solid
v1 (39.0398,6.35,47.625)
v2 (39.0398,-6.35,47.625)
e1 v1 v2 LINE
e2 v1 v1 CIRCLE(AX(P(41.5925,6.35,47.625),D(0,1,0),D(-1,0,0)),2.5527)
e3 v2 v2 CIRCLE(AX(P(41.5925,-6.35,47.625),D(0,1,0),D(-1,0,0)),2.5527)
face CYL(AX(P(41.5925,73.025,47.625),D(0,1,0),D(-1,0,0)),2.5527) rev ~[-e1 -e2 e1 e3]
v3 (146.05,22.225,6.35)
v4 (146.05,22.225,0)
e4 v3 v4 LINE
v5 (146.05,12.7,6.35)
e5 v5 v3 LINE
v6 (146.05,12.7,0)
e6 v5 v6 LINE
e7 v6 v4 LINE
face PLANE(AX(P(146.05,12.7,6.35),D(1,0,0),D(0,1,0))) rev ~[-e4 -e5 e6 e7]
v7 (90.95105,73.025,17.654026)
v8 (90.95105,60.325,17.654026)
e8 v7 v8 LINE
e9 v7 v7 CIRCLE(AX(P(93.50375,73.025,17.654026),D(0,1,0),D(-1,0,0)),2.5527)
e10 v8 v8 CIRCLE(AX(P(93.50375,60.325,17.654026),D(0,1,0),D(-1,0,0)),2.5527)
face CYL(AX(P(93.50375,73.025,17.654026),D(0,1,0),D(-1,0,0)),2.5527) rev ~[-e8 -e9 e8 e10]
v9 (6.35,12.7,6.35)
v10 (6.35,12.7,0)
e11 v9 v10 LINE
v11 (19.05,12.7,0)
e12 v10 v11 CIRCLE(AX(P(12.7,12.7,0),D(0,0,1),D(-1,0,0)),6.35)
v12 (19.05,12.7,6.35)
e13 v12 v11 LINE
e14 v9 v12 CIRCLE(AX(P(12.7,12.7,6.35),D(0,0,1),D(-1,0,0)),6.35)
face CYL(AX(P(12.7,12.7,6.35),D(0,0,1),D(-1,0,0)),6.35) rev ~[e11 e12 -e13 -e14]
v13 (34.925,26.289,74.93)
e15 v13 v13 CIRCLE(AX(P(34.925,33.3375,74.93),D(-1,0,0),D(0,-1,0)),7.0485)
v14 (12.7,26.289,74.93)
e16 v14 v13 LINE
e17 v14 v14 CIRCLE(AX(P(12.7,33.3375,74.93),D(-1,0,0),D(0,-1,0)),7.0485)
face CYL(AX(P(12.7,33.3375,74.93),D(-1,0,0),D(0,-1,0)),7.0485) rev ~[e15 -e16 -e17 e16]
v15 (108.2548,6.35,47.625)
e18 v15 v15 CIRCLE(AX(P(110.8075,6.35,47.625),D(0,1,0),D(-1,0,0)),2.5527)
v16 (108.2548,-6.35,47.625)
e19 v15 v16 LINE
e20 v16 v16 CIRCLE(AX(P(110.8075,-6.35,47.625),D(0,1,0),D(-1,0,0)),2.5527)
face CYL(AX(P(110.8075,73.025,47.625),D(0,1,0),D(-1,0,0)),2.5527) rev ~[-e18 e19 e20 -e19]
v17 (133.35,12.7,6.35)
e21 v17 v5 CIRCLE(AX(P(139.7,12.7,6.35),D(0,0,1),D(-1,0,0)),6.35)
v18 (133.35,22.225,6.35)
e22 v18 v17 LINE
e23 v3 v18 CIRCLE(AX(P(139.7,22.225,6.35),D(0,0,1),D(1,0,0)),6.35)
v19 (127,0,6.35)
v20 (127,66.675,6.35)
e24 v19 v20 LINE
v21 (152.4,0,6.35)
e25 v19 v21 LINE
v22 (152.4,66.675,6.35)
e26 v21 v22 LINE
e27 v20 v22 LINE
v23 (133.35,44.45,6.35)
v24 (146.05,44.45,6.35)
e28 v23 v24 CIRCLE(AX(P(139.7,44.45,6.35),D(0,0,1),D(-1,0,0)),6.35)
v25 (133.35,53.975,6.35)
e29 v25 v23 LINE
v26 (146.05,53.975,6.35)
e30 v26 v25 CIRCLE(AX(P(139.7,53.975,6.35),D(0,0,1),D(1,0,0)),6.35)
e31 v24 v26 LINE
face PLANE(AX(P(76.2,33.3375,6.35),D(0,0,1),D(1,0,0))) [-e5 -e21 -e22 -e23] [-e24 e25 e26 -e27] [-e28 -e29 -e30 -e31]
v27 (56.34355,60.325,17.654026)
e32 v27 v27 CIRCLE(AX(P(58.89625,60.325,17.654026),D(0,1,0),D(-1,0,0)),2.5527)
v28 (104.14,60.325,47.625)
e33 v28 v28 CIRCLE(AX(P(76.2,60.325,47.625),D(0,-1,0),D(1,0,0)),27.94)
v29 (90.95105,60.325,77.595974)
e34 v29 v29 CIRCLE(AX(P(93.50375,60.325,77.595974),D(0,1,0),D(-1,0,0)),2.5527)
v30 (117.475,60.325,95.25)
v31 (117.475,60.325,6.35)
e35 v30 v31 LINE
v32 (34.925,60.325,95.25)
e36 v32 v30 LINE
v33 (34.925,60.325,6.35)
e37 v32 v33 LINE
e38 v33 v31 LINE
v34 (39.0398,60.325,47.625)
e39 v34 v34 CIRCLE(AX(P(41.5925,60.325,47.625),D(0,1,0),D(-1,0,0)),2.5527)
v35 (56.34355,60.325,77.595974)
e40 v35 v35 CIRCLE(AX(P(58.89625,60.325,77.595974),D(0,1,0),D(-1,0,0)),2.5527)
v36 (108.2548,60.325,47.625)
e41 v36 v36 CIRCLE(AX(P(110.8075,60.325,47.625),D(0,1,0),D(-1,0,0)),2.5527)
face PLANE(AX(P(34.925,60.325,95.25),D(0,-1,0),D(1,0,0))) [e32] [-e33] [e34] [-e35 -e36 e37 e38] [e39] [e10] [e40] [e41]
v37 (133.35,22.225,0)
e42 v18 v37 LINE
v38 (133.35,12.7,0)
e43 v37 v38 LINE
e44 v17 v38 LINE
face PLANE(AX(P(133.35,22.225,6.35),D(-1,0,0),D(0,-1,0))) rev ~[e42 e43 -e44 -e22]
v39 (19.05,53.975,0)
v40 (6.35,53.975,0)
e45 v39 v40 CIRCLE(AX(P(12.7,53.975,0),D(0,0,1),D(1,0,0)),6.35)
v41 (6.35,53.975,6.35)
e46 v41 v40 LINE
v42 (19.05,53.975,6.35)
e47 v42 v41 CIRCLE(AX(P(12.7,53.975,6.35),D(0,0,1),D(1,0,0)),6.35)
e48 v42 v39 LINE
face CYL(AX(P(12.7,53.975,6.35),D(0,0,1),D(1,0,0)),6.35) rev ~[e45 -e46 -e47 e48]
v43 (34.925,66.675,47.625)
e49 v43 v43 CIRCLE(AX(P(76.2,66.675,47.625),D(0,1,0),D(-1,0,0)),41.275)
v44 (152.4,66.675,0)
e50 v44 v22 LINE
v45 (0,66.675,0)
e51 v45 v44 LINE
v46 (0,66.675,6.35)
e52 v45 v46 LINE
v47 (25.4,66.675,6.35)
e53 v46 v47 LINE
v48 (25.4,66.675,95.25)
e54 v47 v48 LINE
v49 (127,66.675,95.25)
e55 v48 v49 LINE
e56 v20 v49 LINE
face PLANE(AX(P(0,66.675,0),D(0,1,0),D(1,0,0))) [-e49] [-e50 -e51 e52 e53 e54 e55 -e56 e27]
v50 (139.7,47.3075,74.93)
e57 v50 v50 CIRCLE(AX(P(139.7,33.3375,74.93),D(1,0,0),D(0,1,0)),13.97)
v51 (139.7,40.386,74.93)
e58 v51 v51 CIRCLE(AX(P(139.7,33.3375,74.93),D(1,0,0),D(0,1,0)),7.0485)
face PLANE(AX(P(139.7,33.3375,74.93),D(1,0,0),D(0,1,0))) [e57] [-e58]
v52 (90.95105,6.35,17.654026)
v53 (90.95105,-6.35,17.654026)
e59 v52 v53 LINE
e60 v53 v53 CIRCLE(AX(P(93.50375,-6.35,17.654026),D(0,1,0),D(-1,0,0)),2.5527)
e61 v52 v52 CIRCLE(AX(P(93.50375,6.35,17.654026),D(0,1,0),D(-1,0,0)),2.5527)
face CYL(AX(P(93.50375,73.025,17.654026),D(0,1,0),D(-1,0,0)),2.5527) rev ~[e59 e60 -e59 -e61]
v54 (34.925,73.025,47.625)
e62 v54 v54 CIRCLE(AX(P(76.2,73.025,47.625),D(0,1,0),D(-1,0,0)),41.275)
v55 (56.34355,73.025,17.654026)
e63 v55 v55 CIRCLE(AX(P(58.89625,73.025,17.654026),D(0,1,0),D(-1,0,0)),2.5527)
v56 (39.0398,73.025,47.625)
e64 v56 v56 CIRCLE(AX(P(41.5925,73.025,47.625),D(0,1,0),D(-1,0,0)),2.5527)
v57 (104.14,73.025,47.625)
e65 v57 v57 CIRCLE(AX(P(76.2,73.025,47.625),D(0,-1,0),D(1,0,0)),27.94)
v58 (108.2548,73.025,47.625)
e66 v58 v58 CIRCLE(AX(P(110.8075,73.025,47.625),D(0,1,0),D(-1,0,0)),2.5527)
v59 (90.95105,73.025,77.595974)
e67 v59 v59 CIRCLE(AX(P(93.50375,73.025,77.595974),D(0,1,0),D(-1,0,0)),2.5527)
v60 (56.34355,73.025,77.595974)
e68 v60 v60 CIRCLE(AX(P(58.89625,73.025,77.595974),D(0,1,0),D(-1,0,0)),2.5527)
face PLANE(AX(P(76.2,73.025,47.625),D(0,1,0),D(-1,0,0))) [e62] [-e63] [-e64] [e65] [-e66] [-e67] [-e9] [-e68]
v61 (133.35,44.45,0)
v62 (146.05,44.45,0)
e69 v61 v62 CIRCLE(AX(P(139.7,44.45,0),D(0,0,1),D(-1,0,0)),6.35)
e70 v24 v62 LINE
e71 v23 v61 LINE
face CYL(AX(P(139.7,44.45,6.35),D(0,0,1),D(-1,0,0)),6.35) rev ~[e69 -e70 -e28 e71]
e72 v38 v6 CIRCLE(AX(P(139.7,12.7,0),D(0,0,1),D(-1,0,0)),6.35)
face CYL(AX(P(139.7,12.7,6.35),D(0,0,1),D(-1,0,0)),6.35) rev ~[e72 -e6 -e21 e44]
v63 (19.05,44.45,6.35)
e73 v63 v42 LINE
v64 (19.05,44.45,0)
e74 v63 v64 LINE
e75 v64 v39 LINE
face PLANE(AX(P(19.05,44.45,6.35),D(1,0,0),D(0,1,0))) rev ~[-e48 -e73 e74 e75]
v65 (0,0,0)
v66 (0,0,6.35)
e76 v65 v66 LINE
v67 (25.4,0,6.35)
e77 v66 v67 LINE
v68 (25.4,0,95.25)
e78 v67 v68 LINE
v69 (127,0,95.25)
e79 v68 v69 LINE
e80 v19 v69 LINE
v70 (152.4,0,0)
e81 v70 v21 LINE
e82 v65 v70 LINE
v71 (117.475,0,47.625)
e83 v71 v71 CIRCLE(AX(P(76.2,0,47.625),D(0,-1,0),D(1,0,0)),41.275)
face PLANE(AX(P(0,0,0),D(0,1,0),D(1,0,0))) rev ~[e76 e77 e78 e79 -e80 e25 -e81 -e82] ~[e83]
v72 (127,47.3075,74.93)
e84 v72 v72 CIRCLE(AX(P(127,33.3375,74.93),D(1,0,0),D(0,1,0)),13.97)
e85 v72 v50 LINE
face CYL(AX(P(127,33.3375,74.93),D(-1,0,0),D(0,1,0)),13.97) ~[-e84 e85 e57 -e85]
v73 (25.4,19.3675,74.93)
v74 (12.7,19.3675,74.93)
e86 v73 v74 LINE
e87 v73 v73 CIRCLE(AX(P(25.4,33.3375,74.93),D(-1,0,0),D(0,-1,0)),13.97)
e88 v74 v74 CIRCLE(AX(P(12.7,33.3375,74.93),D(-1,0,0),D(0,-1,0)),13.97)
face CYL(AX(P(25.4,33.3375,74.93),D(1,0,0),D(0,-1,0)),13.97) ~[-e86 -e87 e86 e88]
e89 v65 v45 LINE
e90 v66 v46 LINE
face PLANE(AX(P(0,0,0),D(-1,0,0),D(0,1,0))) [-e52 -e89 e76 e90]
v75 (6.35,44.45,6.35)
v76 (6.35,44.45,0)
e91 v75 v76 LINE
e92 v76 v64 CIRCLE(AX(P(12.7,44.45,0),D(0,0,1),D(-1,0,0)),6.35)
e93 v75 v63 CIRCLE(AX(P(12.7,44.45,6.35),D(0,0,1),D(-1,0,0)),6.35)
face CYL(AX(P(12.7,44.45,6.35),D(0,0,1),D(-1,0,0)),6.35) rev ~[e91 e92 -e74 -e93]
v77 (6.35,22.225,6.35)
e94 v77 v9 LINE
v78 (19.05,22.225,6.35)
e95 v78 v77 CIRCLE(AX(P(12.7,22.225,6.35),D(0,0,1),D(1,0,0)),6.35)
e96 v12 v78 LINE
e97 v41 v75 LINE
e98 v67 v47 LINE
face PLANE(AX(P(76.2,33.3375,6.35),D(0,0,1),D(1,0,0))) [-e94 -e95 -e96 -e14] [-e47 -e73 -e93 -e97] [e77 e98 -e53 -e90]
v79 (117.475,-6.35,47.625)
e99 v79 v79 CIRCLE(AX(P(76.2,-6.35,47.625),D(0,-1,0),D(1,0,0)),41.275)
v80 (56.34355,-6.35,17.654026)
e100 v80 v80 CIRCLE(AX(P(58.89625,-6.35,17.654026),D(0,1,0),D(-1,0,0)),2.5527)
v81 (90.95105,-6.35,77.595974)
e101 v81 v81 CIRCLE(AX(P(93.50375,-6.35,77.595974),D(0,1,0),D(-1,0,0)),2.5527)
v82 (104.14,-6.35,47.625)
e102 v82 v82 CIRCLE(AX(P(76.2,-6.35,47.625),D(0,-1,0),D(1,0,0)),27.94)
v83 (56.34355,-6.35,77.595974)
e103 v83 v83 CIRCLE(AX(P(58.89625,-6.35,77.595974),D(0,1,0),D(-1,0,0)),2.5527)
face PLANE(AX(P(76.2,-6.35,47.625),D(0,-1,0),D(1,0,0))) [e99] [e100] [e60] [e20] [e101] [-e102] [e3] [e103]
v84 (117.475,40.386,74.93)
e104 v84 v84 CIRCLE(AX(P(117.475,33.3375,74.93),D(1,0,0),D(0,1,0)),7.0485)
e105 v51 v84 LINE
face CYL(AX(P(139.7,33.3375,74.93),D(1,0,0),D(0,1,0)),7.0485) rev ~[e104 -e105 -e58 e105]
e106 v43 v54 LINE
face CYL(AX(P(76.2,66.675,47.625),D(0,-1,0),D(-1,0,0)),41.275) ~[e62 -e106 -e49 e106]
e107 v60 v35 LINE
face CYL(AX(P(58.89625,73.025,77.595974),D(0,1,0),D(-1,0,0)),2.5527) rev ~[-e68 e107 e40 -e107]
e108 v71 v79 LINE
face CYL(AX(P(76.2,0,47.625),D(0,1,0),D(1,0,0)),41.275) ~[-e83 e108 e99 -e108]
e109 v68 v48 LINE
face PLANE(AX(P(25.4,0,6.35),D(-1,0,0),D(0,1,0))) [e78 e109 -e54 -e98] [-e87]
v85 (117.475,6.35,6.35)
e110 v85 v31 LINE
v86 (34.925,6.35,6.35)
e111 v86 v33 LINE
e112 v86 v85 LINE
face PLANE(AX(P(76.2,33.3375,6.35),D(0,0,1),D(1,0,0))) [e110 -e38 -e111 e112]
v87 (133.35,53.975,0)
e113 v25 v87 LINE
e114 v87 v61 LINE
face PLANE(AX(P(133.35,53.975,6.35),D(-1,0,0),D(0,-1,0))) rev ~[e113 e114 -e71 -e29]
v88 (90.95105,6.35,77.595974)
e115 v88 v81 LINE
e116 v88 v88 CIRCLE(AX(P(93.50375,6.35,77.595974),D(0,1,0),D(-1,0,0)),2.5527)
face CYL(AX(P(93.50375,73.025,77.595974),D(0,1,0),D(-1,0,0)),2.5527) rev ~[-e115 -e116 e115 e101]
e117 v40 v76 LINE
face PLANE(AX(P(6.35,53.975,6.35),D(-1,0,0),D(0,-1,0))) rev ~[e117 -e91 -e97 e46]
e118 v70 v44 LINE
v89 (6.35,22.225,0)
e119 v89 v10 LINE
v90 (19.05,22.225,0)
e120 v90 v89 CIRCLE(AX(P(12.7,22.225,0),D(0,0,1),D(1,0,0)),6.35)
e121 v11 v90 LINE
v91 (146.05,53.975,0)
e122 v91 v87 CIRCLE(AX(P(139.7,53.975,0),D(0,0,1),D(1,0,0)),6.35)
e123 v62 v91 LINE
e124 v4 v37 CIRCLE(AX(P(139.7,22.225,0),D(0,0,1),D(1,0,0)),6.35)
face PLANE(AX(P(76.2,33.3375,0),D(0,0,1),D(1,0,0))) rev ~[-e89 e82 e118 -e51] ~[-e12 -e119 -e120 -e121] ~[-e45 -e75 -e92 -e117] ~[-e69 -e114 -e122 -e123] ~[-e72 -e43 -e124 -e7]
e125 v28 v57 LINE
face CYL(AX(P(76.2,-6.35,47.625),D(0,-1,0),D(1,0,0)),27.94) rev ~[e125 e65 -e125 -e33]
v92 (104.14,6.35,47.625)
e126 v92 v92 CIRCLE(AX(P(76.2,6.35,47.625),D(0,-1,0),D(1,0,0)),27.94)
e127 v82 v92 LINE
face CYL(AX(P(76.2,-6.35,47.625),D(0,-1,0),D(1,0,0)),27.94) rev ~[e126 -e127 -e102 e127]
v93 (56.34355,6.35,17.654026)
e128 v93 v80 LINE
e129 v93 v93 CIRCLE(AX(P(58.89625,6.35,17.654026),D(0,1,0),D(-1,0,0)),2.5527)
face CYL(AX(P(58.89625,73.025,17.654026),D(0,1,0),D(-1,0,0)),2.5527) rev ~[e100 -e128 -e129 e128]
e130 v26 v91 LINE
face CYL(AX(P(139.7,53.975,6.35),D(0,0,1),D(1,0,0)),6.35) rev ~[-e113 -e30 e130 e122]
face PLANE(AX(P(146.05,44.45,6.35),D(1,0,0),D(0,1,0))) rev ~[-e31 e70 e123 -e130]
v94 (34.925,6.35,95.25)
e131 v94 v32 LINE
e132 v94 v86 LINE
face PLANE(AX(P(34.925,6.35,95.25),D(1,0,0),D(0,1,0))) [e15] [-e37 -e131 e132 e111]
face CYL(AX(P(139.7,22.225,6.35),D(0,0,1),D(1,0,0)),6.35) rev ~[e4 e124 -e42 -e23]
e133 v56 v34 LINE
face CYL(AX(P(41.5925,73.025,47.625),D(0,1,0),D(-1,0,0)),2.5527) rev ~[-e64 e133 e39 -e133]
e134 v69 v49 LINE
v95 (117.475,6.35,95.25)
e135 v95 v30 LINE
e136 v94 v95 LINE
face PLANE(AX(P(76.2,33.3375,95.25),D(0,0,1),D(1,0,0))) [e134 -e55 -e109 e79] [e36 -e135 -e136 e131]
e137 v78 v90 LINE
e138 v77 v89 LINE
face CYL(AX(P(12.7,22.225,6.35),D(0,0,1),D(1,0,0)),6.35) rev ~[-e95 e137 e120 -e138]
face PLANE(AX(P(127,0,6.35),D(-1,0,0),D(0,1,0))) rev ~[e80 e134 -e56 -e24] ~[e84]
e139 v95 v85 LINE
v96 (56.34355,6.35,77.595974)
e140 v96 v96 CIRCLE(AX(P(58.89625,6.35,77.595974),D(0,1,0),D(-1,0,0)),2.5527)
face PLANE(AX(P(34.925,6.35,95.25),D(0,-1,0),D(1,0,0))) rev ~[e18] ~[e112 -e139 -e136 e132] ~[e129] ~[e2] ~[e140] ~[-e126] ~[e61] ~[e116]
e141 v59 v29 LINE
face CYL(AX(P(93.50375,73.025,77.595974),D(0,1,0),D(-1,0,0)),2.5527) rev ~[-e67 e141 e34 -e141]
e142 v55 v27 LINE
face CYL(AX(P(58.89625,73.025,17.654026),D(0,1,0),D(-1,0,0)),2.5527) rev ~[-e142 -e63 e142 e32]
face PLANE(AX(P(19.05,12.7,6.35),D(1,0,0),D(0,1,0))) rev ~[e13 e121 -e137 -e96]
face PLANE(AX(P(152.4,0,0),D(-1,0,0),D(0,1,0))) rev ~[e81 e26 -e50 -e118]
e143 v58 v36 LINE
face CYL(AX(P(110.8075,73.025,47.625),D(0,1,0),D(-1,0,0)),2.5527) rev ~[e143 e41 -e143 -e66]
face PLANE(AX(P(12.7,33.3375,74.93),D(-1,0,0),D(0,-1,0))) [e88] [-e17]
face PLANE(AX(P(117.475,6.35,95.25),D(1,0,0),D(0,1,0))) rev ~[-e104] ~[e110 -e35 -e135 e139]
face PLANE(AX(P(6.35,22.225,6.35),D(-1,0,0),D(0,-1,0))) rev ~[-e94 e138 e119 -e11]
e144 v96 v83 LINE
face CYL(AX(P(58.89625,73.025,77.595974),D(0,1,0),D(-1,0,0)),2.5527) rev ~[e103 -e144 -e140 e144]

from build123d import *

# Parameters (mm, degrees)
F0_W      = 152.4
F0_H      = 66.675
F1_DEPTH  = 6.35
F3_DEPTH  = 6.351
F5_DEPTH  = 6.351
F7_DEPTH  = 6.351
F9_DEPTH  = 6.351
F10_W     = 101.6
F10_H     = 66.675
F11_DEPTH = 88.9
F12_W     = 82.55
F12_H     = 53.975
F13_DEPTH = 88.9
F14_R     = 41.275
F15_DEPTH = 6.35
F17_R     = 41.275
F18_DEPTH = 6.35
F19_R     = 2.5527
F20_DEPTH = 79.376
F16_R     = 27.94
F21_DEPTH = 79.376
F22_R     = 13.97
F23_DEPTH = 12.7
F24_R     = 7.0485
F25_DEPTH = 22.2504
F26_R     = 13.97
F27_DEPTH = 12.7
F28_R     = 7.0485
F29_DEPTH = 22.2504


with BuildPart() as f1:
    # F0 (on Top) → F1 (new body)
    with BuildSketch(Plane.XY):
        with Locations((76.2, 33.3375)):
            Rectangle(F0_W, F0_H)
    extrude(amount=F1_DEPTH)

    # F2 (on face) → F3 (cut, through all)
    with BuildSketch(Plane.XY.offset(6.35)):
        with BuildLine():
            Line((146.05, 44.45), (146.05, 53.975))
            ThreePointArc((146.05, 53.975), (139.7, 60.325), (133.35, 53.975))
            Line((133.35, 53.975), (133.35, 44.45))
            Line((133.35, 44.45), (146.05, 44.45))
        make_face()
        with BuildLine():
            ThreePointArc((133.35, 44.45), (139.7, 38.1), (146.05, 44.45))
            Line((146.05, 44.45), (133.35, 44.45))
        make_face()
    extrude(amount=-F3_DEPTH, mode=Mode.SUBTRACT)

    # F4 (on face) → F5 (cut, through all)
    with BuildSketch(Plane.XY.offset(6.35)):
        with BuildLine():
            Line((133.35, 12.7), (139.7, 12.7))
            Line((139.7, 12.7), (146.05, 12.7))
            Line((146.05, 12.7), (146.05, 22.225))
            ThreePointArc((146.05, 22.225), (139.7, 28.575), (133.35, 22.225))
            Line((133.35, 22.225), (133.35, 12.7))
        make_face()
        with BuildLine():
            Line((146.05, 12.7), (139.7, 12.7))
            Line((139.7, 12.7), (133.35, 12.7))
            ThreePointArc((133.35, 12.7), (139.7, 6.35), (146.05, 12.7))
        make_face()
    extrude(amount=-F5_DEPTH, mode=Mode.SUBTRACT)

    # F6 (on face) → F7 (cut, through all)
    with BuildSketch(Plane.XY.offset(6.35)):
        with BuildLine():
            Line((6.35, 53.975), (12.7, 53.975))
            Line((12.7, 53.975), (19.05, 53.975))
            ThreePointArc((19.05, 53.975), (12.7, 60.325), (6.35, 53.975))
        make_face()
        with BuildLine():
            Line((19.05, 53.975), (12.7, 53.975))
            Line((12.7, 53.975), (6.35, 53.975))
            Line((6.35, 53.975), (6.35, 44.45))
            ThreePointArc((6.35, 44.45), (12.7, 38.1), (19.05, 44.45))
            Line((19.05, 44.45), (19.05, 53.975))
        make_face()
    extrude(amount=-F7_DEPTH, mode=Mode.SUBTRACT)

    # F8 (on face) → F9 (cut, through all)
    with BuildSketch(Plane.XY.offset(6.35)):
        with BuildLine():
            Line((6.35, 12.7), (12.7, 12.7))
            Line((12.7, 12.7), (19.05, 12.7))
            Line((19.05, 12.7), (19.05, 22.225))
            ThreePointArc((19.05, 22.225), (12.7, 28.575), (6.35, 22.225))
            Line((6.35, 22.225), (6.35, 12.7))
        make_face()
        with BuildLine():
            Line((19.05, 12.7), (12.7, 12.7))
            Line((12.7, 12.7), (6.35, 12.7))
            ThreePointArc((6.35, 12.7), (12.7, 6.35), (19.05, 12.7))
        make_face()
    extrude(amount=-F9_DEPTH, mode=Mode.SUBTRACT)

    # F10 (on face) → F11 (join)
    with BuildSketch(Plane.XY.offset(6.35)):
        with Locations((76.2, 33.3375)):
            Rectangle(F10_W, F10_H)
    extrude(amount=F11_DEPTH)

    # F12 (on face) → F13 (cut)
    with BuildSketch(Plane.XY.offset(95.25)):
        with Locations((76.2, 33.3375)):
            Rectangle(F12_W, F12_H)
    extrude(amount=-F13_DEPTH, mode=Mode.SUBTRACT)

    # F14 (on face) → F15 (join)
    with BuildSketch(Plane.XZ):
        with Locations((76.2, 47.625)):
            Circle(F14_R)
    extrude(amount=F15_DEPTH)

    # F17 (on face) → F18 (join)
    with BuildSketch(Plane(origin=(0, 66.675, 0), x_dir=(-1, 0, 0), z_dir=(0, 1, 0))):
        with Locations((-76.2, 47.625)):
            Circle(F17_R)
    extrude(amount=F18_DEPTH)

    # F19 (on face) → F20 (cut, through all)
    with BuildSketch(Plane(origin=(0, 73.025, 0), x_dir=(-1, 0, 0), z_dir=(0, 1, 0))):
        with Locations((-93.50375, 77.595974)):
            Circle(F19_R)
        with Locations((-93.50375, 17.654026)):
            Circle(F19_R)
        with Locations((-110.8075, 47.625)):
            Circle(F19_R)
        with Locations((-58.89625, 17.654026)):
            Circle(F19_R)
        with Locations((-41.5925, 47.625)):
            Circle(F19_R)
        with Locations((-58.89625, 77.595974)):
            Circle(F19_R)
    extrude(amount=-F20_DEPTH, mode=Mode.SUBTRACT)

    # F16 (on face) → F21 (cut, through all)
    with BuildSketch(Plane.XZ.offset(6.35)):
        with Locations((76.2, 47.625)):
            Circle(F16_R)
    extrude(amount=-F21_DEPTH, mode=Mode.SUBTRACT)

    # F22 (on face) → F23 (join)
    with BuildSketch(Plane(origin=(25.4, 0, 0), x_dir=(0, -1, 0), z_dir=(-1, 0, 0))):
        with Locations((-33.3375, 74.93)):
            Circle(F22_R)
    extrude(amount=F23_DEPTH)

    # F24 (on face) → F25 (cut)
    with BuildSketch(Plane(origin=(12.7, 0, 0), x_dir=(0, -1, 0), z_dir=(-1, 0, 0))):
        with Locations((-33.3375, 74.93)):
            Circle(F24_R)
    extrude(amount=-F25_DEPTH, mode=Mode.SUBTRACT)

    # F26 (on face) → F27 (join)
    with BuildSketch(Plane.YZ.offset(127)):
        with Locations((33.3375, 74.93)):
            Circle(F26_R)
    extrude(amount=F27_DEPTH)

    # F28 (on face) → F29 (cut)
    with BuildSketch(Plane.YZ.offset(139.7)):
        with Locations((33.3375, 74.93)):
            Circle(F28_R)
    extrude(amount=-F29_DEPTH, mode=Mode.SUBTRACT)


solid = f1.part
